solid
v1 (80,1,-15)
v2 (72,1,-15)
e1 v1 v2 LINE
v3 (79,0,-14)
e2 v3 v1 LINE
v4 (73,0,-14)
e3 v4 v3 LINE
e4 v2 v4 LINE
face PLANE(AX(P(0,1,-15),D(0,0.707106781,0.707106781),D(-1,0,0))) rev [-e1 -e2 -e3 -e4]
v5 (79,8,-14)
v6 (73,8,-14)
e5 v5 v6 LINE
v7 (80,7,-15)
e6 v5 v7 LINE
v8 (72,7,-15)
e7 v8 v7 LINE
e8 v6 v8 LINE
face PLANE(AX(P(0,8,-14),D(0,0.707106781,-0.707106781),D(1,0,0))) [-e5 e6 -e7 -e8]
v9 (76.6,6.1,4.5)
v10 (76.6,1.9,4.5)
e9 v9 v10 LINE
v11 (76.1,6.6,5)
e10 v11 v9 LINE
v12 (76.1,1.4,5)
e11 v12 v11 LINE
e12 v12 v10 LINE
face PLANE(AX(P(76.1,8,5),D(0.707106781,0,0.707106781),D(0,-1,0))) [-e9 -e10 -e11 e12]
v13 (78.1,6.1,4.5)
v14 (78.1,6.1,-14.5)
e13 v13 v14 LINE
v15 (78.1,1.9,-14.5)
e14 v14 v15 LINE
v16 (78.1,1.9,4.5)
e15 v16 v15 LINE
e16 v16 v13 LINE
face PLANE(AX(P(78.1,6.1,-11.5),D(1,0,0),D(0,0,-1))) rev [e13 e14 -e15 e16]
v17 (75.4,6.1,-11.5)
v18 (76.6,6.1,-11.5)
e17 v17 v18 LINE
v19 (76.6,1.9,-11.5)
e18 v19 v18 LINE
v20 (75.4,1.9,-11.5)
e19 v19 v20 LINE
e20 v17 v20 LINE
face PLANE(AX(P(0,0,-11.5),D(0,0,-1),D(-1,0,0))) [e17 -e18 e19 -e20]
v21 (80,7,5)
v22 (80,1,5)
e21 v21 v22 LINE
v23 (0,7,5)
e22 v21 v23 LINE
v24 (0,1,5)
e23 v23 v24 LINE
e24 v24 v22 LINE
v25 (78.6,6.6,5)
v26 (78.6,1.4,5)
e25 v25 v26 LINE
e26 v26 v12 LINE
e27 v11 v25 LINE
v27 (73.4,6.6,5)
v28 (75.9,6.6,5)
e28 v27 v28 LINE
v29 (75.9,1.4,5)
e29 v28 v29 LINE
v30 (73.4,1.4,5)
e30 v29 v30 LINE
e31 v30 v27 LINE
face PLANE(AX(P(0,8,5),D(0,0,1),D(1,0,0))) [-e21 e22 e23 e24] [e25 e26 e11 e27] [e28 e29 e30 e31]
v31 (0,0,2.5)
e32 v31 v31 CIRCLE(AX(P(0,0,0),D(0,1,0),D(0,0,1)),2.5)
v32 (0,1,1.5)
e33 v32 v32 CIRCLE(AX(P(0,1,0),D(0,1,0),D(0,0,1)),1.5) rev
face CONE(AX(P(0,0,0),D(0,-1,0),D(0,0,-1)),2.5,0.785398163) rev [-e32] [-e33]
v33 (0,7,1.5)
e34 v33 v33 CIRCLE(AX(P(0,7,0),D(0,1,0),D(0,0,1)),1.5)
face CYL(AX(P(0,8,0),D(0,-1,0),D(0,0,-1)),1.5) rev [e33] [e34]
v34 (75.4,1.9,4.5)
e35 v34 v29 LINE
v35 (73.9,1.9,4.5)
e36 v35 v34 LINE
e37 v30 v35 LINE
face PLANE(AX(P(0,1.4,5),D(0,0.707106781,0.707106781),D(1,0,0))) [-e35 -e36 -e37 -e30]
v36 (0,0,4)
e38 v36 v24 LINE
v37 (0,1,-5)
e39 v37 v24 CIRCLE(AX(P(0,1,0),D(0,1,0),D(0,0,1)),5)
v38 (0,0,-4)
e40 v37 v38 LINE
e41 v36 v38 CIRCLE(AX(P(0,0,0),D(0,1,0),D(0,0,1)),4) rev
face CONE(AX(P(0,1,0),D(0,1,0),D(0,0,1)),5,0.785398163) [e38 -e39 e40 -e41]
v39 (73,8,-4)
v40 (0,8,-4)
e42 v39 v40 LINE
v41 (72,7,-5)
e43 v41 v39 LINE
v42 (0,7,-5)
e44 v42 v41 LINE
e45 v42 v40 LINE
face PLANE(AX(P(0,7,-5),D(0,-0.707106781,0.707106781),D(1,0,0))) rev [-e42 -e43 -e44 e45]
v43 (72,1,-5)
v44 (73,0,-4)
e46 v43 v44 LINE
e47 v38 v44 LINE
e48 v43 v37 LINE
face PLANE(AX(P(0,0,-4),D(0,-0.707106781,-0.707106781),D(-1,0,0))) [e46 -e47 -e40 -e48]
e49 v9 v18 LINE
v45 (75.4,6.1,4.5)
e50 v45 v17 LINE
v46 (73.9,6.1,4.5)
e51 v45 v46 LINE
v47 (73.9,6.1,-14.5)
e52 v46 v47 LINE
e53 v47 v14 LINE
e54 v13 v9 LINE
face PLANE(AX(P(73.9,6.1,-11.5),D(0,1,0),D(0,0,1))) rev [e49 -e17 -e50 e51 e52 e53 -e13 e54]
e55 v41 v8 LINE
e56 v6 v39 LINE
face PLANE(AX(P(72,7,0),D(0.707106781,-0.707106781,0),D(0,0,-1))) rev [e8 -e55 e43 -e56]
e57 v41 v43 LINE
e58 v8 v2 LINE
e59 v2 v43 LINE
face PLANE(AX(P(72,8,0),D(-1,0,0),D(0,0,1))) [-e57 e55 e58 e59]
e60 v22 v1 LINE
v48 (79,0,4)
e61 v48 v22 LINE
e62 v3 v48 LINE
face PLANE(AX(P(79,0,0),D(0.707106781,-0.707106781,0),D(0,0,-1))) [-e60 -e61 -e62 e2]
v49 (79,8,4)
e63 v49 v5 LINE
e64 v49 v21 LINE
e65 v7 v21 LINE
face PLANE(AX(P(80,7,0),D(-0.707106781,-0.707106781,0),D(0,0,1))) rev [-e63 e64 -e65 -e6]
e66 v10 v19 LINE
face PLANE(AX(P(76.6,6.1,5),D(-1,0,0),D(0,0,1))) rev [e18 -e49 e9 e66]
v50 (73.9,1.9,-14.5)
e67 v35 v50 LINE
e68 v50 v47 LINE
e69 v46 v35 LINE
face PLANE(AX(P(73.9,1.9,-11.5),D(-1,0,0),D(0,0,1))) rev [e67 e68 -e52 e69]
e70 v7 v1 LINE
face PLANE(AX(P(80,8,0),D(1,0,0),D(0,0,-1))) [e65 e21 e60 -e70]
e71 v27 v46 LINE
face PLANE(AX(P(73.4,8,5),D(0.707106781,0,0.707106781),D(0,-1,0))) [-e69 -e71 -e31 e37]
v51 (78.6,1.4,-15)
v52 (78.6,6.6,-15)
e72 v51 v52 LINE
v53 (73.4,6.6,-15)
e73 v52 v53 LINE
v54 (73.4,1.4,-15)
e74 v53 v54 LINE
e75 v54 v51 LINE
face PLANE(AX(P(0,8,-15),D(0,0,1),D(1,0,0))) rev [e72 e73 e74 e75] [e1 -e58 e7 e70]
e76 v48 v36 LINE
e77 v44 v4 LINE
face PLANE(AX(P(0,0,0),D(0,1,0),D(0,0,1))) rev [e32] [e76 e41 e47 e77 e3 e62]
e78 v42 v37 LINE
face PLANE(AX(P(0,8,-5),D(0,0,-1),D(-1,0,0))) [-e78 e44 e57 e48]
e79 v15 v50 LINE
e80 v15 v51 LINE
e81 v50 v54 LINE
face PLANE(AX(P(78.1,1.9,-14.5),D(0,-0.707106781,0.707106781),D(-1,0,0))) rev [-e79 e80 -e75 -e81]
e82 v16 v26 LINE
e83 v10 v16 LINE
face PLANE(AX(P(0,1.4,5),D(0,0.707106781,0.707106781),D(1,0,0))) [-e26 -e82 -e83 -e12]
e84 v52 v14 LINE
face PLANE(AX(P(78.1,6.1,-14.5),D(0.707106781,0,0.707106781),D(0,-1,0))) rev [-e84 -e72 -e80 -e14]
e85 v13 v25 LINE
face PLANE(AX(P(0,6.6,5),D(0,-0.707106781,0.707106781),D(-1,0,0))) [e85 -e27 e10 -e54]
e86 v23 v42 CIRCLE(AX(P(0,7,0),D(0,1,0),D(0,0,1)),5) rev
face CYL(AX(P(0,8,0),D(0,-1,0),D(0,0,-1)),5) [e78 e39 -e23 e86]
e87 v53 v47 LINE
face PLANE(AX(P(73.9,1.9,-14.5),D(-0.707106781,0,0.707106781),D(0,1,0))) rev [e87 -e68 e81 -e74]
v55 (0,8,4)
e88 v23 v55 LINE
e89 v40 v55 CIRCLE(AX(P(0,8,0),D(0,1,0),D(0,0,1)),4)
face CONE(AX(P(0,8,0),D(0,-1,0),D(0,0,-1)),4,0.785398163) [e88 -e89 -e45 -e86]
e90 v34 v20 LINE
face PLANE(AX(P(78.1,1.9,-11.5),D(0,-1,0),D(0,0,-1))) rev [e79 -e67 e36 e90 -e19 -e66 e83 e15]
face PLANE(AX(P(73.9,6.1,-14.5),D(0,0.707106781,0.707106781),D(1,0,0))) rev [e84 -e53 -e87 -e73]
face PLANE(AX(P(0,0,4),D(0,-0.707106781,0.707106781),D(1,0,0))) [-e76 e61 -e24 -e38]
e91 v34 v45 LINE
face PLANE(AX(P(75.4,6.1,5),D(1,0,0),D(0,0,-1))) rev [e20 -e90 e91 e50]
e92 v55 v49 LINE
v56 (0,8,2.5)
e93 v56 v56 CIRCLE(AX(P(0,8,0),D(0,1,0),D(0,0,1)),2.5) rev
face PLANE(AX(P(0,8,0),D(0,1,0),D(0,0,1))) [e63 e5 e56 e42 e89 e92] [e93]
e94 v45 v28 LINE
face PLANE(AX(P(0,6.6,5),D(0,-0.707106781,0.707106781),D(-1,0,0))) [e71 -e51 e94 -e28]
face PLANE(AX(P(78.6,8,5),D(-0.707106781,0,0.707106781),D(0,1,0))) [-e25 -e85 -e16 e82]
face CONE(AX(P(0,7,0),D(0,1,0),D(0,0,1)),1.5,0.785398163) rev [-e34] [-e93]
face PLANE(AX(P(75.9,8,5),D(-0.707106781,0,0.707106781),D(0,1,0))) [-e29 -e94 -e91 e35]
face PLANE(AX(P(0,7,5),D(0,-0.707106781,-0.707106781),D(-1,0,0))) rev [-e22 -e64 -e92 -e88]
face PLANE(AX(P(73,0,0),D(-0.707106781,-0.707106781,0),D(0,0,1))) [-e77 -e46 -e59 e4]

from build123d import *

# Parameters (mm, degrees)
SKETCH1_W           = 8
SKETCH1_H           = 10
SKETCH1_R           = 5
SKETCH1_R_2         = 1.5
BOSS_EXTRUDE1_DEPTH = 8
SKETCH2_W           = 4.2
SKETCH2_H           = 4.2
CUT_EXTRUDE1_DEPTH  = 3.5
SKETCH3_W           = 1.5
SKETCH3_H           = 4.2
CUT_EXTRUDE2_DEPTH  = 83.074661132
CHAMFER1_SIZE       = 1
CHAMFER2_SIZE       = 0.5


with BuildPart() as part:
    # Sketch1 → Boss-Extrude1 (new body)
    # profile 1 of 3: a face of its own
    with BuildSketch(Plane(origin=(0, 0, 0), x_dir=(1, 0, 0), z_dir=(0, 1, 0))):
        with BuildLine():
            Line((72, 5), (0, 5))
            ThreePointArc((0, 5), (3.535533906, 3.535533906), (5, 0))
            ThreePointArc((5, 0), (3.535533906, -3.535533906), (0, -5))
            Line((0, -5), (80, -5))
            Line((80, -5), (80, 5))
            Line((80, 5), (72, 5))
        make_face()
    # profile 2 of 3: a face of its own
    with BuildSketch(Plane(origin=(0, 0, 0), x_dir=(1, 0, 0), z_dir=(0, 1, 0))):
        with Locations((76, 10)):
            Rectangle(SKETCH1_W, SKETCH1_H)
    # profile 3 of 3: a face of its own
    with BuildSketch(Plane(origin=(0, 0, 0), x_dir=(1, 0, 0), z_dir=(0, 1, 0))):
        Circle(SKETCH1_R)
        with Locations(Location((0, 0, 0), (0, 0, 270))):
            Circle(SKETCH1_R_2, mode=Mode.SUBTRACT)
    extrude(amount=BOSS_EXTRUDE1_DEPTH)

    # Sketch2 → Cut-Extrude1 (cut)
    with BuildSketch(Plane(origin=(0, 0, -15), x_dir=(-1, 0, 0), z_dir=(0, 0, -1))):
        with Locations((-76, 4)):
            Rectangle(SKETCH2_W, SKETCH2_H)
    extrude(amount=-CUT_EXTRUDE1_DEPTH, mode=Mode.SUBTRACT)

    # Sketch3 → Cut-Extrude2 (cut, through all)
    with BuildSketch(Plane(origin=(0, 0, -11.5), x_dir=(-1, 0, 0), z_dir=(0, 0, -1))):
        with Locations((-77.35, 4)):
            Rectangle(SKETCH3_W, SKETCH3_H)
        with Locations((-74.65, 4)):
            Rectangle(SKETCH3_W, SKETCH3_H)
    extrude(amount=-CUT_EXTRUDE2_DEPTH, mode=Mode.SUBTRACT)

    # Chamfer1
    chamfer1_edges = [part.edges().sort_by_distance(p)[0] for p in [
        (76, 0, -15),
        (80, 0, -5),
        (40, 0, 5),
        (-5, 0, 0),
        (-5, 8, 0),
        (36, 0, -5),
        (40, 8, 5),
        (80, 8, -5),
        (76, 8, -15),
        (72, 8, -10),
        (0, 8, -1.5),
        (36, 8, -5),
        (0, 0, -1.5),
        (72, 0, -10),
    ]]
    chamfer(chamfer1_edges, length=CHAMFER1_SIZE)

    # Chamfer2
    chamfer2_edges = [part.edges().sort_by_distance(p)[0] for p in [
        (78.1, 4, -15),
        (76, 1.9, -15),
        (73.9, 4, -15),
        (76, 6.1, -15),
        (78.1, 4, 5),
        (77.35, 6.1, 5),
        (76.6, 4, 5),
        (77.35, 1.9, 5),
        (73.9, 4, 5),
        (74.65, 1.9, 5),
        (75.4, 4, 5),
        (74.65, 6.1, 5),
    ]]
    chamfer(chamfer2_edges, length=CHAMFER2_SIZE)


solid = part.part
